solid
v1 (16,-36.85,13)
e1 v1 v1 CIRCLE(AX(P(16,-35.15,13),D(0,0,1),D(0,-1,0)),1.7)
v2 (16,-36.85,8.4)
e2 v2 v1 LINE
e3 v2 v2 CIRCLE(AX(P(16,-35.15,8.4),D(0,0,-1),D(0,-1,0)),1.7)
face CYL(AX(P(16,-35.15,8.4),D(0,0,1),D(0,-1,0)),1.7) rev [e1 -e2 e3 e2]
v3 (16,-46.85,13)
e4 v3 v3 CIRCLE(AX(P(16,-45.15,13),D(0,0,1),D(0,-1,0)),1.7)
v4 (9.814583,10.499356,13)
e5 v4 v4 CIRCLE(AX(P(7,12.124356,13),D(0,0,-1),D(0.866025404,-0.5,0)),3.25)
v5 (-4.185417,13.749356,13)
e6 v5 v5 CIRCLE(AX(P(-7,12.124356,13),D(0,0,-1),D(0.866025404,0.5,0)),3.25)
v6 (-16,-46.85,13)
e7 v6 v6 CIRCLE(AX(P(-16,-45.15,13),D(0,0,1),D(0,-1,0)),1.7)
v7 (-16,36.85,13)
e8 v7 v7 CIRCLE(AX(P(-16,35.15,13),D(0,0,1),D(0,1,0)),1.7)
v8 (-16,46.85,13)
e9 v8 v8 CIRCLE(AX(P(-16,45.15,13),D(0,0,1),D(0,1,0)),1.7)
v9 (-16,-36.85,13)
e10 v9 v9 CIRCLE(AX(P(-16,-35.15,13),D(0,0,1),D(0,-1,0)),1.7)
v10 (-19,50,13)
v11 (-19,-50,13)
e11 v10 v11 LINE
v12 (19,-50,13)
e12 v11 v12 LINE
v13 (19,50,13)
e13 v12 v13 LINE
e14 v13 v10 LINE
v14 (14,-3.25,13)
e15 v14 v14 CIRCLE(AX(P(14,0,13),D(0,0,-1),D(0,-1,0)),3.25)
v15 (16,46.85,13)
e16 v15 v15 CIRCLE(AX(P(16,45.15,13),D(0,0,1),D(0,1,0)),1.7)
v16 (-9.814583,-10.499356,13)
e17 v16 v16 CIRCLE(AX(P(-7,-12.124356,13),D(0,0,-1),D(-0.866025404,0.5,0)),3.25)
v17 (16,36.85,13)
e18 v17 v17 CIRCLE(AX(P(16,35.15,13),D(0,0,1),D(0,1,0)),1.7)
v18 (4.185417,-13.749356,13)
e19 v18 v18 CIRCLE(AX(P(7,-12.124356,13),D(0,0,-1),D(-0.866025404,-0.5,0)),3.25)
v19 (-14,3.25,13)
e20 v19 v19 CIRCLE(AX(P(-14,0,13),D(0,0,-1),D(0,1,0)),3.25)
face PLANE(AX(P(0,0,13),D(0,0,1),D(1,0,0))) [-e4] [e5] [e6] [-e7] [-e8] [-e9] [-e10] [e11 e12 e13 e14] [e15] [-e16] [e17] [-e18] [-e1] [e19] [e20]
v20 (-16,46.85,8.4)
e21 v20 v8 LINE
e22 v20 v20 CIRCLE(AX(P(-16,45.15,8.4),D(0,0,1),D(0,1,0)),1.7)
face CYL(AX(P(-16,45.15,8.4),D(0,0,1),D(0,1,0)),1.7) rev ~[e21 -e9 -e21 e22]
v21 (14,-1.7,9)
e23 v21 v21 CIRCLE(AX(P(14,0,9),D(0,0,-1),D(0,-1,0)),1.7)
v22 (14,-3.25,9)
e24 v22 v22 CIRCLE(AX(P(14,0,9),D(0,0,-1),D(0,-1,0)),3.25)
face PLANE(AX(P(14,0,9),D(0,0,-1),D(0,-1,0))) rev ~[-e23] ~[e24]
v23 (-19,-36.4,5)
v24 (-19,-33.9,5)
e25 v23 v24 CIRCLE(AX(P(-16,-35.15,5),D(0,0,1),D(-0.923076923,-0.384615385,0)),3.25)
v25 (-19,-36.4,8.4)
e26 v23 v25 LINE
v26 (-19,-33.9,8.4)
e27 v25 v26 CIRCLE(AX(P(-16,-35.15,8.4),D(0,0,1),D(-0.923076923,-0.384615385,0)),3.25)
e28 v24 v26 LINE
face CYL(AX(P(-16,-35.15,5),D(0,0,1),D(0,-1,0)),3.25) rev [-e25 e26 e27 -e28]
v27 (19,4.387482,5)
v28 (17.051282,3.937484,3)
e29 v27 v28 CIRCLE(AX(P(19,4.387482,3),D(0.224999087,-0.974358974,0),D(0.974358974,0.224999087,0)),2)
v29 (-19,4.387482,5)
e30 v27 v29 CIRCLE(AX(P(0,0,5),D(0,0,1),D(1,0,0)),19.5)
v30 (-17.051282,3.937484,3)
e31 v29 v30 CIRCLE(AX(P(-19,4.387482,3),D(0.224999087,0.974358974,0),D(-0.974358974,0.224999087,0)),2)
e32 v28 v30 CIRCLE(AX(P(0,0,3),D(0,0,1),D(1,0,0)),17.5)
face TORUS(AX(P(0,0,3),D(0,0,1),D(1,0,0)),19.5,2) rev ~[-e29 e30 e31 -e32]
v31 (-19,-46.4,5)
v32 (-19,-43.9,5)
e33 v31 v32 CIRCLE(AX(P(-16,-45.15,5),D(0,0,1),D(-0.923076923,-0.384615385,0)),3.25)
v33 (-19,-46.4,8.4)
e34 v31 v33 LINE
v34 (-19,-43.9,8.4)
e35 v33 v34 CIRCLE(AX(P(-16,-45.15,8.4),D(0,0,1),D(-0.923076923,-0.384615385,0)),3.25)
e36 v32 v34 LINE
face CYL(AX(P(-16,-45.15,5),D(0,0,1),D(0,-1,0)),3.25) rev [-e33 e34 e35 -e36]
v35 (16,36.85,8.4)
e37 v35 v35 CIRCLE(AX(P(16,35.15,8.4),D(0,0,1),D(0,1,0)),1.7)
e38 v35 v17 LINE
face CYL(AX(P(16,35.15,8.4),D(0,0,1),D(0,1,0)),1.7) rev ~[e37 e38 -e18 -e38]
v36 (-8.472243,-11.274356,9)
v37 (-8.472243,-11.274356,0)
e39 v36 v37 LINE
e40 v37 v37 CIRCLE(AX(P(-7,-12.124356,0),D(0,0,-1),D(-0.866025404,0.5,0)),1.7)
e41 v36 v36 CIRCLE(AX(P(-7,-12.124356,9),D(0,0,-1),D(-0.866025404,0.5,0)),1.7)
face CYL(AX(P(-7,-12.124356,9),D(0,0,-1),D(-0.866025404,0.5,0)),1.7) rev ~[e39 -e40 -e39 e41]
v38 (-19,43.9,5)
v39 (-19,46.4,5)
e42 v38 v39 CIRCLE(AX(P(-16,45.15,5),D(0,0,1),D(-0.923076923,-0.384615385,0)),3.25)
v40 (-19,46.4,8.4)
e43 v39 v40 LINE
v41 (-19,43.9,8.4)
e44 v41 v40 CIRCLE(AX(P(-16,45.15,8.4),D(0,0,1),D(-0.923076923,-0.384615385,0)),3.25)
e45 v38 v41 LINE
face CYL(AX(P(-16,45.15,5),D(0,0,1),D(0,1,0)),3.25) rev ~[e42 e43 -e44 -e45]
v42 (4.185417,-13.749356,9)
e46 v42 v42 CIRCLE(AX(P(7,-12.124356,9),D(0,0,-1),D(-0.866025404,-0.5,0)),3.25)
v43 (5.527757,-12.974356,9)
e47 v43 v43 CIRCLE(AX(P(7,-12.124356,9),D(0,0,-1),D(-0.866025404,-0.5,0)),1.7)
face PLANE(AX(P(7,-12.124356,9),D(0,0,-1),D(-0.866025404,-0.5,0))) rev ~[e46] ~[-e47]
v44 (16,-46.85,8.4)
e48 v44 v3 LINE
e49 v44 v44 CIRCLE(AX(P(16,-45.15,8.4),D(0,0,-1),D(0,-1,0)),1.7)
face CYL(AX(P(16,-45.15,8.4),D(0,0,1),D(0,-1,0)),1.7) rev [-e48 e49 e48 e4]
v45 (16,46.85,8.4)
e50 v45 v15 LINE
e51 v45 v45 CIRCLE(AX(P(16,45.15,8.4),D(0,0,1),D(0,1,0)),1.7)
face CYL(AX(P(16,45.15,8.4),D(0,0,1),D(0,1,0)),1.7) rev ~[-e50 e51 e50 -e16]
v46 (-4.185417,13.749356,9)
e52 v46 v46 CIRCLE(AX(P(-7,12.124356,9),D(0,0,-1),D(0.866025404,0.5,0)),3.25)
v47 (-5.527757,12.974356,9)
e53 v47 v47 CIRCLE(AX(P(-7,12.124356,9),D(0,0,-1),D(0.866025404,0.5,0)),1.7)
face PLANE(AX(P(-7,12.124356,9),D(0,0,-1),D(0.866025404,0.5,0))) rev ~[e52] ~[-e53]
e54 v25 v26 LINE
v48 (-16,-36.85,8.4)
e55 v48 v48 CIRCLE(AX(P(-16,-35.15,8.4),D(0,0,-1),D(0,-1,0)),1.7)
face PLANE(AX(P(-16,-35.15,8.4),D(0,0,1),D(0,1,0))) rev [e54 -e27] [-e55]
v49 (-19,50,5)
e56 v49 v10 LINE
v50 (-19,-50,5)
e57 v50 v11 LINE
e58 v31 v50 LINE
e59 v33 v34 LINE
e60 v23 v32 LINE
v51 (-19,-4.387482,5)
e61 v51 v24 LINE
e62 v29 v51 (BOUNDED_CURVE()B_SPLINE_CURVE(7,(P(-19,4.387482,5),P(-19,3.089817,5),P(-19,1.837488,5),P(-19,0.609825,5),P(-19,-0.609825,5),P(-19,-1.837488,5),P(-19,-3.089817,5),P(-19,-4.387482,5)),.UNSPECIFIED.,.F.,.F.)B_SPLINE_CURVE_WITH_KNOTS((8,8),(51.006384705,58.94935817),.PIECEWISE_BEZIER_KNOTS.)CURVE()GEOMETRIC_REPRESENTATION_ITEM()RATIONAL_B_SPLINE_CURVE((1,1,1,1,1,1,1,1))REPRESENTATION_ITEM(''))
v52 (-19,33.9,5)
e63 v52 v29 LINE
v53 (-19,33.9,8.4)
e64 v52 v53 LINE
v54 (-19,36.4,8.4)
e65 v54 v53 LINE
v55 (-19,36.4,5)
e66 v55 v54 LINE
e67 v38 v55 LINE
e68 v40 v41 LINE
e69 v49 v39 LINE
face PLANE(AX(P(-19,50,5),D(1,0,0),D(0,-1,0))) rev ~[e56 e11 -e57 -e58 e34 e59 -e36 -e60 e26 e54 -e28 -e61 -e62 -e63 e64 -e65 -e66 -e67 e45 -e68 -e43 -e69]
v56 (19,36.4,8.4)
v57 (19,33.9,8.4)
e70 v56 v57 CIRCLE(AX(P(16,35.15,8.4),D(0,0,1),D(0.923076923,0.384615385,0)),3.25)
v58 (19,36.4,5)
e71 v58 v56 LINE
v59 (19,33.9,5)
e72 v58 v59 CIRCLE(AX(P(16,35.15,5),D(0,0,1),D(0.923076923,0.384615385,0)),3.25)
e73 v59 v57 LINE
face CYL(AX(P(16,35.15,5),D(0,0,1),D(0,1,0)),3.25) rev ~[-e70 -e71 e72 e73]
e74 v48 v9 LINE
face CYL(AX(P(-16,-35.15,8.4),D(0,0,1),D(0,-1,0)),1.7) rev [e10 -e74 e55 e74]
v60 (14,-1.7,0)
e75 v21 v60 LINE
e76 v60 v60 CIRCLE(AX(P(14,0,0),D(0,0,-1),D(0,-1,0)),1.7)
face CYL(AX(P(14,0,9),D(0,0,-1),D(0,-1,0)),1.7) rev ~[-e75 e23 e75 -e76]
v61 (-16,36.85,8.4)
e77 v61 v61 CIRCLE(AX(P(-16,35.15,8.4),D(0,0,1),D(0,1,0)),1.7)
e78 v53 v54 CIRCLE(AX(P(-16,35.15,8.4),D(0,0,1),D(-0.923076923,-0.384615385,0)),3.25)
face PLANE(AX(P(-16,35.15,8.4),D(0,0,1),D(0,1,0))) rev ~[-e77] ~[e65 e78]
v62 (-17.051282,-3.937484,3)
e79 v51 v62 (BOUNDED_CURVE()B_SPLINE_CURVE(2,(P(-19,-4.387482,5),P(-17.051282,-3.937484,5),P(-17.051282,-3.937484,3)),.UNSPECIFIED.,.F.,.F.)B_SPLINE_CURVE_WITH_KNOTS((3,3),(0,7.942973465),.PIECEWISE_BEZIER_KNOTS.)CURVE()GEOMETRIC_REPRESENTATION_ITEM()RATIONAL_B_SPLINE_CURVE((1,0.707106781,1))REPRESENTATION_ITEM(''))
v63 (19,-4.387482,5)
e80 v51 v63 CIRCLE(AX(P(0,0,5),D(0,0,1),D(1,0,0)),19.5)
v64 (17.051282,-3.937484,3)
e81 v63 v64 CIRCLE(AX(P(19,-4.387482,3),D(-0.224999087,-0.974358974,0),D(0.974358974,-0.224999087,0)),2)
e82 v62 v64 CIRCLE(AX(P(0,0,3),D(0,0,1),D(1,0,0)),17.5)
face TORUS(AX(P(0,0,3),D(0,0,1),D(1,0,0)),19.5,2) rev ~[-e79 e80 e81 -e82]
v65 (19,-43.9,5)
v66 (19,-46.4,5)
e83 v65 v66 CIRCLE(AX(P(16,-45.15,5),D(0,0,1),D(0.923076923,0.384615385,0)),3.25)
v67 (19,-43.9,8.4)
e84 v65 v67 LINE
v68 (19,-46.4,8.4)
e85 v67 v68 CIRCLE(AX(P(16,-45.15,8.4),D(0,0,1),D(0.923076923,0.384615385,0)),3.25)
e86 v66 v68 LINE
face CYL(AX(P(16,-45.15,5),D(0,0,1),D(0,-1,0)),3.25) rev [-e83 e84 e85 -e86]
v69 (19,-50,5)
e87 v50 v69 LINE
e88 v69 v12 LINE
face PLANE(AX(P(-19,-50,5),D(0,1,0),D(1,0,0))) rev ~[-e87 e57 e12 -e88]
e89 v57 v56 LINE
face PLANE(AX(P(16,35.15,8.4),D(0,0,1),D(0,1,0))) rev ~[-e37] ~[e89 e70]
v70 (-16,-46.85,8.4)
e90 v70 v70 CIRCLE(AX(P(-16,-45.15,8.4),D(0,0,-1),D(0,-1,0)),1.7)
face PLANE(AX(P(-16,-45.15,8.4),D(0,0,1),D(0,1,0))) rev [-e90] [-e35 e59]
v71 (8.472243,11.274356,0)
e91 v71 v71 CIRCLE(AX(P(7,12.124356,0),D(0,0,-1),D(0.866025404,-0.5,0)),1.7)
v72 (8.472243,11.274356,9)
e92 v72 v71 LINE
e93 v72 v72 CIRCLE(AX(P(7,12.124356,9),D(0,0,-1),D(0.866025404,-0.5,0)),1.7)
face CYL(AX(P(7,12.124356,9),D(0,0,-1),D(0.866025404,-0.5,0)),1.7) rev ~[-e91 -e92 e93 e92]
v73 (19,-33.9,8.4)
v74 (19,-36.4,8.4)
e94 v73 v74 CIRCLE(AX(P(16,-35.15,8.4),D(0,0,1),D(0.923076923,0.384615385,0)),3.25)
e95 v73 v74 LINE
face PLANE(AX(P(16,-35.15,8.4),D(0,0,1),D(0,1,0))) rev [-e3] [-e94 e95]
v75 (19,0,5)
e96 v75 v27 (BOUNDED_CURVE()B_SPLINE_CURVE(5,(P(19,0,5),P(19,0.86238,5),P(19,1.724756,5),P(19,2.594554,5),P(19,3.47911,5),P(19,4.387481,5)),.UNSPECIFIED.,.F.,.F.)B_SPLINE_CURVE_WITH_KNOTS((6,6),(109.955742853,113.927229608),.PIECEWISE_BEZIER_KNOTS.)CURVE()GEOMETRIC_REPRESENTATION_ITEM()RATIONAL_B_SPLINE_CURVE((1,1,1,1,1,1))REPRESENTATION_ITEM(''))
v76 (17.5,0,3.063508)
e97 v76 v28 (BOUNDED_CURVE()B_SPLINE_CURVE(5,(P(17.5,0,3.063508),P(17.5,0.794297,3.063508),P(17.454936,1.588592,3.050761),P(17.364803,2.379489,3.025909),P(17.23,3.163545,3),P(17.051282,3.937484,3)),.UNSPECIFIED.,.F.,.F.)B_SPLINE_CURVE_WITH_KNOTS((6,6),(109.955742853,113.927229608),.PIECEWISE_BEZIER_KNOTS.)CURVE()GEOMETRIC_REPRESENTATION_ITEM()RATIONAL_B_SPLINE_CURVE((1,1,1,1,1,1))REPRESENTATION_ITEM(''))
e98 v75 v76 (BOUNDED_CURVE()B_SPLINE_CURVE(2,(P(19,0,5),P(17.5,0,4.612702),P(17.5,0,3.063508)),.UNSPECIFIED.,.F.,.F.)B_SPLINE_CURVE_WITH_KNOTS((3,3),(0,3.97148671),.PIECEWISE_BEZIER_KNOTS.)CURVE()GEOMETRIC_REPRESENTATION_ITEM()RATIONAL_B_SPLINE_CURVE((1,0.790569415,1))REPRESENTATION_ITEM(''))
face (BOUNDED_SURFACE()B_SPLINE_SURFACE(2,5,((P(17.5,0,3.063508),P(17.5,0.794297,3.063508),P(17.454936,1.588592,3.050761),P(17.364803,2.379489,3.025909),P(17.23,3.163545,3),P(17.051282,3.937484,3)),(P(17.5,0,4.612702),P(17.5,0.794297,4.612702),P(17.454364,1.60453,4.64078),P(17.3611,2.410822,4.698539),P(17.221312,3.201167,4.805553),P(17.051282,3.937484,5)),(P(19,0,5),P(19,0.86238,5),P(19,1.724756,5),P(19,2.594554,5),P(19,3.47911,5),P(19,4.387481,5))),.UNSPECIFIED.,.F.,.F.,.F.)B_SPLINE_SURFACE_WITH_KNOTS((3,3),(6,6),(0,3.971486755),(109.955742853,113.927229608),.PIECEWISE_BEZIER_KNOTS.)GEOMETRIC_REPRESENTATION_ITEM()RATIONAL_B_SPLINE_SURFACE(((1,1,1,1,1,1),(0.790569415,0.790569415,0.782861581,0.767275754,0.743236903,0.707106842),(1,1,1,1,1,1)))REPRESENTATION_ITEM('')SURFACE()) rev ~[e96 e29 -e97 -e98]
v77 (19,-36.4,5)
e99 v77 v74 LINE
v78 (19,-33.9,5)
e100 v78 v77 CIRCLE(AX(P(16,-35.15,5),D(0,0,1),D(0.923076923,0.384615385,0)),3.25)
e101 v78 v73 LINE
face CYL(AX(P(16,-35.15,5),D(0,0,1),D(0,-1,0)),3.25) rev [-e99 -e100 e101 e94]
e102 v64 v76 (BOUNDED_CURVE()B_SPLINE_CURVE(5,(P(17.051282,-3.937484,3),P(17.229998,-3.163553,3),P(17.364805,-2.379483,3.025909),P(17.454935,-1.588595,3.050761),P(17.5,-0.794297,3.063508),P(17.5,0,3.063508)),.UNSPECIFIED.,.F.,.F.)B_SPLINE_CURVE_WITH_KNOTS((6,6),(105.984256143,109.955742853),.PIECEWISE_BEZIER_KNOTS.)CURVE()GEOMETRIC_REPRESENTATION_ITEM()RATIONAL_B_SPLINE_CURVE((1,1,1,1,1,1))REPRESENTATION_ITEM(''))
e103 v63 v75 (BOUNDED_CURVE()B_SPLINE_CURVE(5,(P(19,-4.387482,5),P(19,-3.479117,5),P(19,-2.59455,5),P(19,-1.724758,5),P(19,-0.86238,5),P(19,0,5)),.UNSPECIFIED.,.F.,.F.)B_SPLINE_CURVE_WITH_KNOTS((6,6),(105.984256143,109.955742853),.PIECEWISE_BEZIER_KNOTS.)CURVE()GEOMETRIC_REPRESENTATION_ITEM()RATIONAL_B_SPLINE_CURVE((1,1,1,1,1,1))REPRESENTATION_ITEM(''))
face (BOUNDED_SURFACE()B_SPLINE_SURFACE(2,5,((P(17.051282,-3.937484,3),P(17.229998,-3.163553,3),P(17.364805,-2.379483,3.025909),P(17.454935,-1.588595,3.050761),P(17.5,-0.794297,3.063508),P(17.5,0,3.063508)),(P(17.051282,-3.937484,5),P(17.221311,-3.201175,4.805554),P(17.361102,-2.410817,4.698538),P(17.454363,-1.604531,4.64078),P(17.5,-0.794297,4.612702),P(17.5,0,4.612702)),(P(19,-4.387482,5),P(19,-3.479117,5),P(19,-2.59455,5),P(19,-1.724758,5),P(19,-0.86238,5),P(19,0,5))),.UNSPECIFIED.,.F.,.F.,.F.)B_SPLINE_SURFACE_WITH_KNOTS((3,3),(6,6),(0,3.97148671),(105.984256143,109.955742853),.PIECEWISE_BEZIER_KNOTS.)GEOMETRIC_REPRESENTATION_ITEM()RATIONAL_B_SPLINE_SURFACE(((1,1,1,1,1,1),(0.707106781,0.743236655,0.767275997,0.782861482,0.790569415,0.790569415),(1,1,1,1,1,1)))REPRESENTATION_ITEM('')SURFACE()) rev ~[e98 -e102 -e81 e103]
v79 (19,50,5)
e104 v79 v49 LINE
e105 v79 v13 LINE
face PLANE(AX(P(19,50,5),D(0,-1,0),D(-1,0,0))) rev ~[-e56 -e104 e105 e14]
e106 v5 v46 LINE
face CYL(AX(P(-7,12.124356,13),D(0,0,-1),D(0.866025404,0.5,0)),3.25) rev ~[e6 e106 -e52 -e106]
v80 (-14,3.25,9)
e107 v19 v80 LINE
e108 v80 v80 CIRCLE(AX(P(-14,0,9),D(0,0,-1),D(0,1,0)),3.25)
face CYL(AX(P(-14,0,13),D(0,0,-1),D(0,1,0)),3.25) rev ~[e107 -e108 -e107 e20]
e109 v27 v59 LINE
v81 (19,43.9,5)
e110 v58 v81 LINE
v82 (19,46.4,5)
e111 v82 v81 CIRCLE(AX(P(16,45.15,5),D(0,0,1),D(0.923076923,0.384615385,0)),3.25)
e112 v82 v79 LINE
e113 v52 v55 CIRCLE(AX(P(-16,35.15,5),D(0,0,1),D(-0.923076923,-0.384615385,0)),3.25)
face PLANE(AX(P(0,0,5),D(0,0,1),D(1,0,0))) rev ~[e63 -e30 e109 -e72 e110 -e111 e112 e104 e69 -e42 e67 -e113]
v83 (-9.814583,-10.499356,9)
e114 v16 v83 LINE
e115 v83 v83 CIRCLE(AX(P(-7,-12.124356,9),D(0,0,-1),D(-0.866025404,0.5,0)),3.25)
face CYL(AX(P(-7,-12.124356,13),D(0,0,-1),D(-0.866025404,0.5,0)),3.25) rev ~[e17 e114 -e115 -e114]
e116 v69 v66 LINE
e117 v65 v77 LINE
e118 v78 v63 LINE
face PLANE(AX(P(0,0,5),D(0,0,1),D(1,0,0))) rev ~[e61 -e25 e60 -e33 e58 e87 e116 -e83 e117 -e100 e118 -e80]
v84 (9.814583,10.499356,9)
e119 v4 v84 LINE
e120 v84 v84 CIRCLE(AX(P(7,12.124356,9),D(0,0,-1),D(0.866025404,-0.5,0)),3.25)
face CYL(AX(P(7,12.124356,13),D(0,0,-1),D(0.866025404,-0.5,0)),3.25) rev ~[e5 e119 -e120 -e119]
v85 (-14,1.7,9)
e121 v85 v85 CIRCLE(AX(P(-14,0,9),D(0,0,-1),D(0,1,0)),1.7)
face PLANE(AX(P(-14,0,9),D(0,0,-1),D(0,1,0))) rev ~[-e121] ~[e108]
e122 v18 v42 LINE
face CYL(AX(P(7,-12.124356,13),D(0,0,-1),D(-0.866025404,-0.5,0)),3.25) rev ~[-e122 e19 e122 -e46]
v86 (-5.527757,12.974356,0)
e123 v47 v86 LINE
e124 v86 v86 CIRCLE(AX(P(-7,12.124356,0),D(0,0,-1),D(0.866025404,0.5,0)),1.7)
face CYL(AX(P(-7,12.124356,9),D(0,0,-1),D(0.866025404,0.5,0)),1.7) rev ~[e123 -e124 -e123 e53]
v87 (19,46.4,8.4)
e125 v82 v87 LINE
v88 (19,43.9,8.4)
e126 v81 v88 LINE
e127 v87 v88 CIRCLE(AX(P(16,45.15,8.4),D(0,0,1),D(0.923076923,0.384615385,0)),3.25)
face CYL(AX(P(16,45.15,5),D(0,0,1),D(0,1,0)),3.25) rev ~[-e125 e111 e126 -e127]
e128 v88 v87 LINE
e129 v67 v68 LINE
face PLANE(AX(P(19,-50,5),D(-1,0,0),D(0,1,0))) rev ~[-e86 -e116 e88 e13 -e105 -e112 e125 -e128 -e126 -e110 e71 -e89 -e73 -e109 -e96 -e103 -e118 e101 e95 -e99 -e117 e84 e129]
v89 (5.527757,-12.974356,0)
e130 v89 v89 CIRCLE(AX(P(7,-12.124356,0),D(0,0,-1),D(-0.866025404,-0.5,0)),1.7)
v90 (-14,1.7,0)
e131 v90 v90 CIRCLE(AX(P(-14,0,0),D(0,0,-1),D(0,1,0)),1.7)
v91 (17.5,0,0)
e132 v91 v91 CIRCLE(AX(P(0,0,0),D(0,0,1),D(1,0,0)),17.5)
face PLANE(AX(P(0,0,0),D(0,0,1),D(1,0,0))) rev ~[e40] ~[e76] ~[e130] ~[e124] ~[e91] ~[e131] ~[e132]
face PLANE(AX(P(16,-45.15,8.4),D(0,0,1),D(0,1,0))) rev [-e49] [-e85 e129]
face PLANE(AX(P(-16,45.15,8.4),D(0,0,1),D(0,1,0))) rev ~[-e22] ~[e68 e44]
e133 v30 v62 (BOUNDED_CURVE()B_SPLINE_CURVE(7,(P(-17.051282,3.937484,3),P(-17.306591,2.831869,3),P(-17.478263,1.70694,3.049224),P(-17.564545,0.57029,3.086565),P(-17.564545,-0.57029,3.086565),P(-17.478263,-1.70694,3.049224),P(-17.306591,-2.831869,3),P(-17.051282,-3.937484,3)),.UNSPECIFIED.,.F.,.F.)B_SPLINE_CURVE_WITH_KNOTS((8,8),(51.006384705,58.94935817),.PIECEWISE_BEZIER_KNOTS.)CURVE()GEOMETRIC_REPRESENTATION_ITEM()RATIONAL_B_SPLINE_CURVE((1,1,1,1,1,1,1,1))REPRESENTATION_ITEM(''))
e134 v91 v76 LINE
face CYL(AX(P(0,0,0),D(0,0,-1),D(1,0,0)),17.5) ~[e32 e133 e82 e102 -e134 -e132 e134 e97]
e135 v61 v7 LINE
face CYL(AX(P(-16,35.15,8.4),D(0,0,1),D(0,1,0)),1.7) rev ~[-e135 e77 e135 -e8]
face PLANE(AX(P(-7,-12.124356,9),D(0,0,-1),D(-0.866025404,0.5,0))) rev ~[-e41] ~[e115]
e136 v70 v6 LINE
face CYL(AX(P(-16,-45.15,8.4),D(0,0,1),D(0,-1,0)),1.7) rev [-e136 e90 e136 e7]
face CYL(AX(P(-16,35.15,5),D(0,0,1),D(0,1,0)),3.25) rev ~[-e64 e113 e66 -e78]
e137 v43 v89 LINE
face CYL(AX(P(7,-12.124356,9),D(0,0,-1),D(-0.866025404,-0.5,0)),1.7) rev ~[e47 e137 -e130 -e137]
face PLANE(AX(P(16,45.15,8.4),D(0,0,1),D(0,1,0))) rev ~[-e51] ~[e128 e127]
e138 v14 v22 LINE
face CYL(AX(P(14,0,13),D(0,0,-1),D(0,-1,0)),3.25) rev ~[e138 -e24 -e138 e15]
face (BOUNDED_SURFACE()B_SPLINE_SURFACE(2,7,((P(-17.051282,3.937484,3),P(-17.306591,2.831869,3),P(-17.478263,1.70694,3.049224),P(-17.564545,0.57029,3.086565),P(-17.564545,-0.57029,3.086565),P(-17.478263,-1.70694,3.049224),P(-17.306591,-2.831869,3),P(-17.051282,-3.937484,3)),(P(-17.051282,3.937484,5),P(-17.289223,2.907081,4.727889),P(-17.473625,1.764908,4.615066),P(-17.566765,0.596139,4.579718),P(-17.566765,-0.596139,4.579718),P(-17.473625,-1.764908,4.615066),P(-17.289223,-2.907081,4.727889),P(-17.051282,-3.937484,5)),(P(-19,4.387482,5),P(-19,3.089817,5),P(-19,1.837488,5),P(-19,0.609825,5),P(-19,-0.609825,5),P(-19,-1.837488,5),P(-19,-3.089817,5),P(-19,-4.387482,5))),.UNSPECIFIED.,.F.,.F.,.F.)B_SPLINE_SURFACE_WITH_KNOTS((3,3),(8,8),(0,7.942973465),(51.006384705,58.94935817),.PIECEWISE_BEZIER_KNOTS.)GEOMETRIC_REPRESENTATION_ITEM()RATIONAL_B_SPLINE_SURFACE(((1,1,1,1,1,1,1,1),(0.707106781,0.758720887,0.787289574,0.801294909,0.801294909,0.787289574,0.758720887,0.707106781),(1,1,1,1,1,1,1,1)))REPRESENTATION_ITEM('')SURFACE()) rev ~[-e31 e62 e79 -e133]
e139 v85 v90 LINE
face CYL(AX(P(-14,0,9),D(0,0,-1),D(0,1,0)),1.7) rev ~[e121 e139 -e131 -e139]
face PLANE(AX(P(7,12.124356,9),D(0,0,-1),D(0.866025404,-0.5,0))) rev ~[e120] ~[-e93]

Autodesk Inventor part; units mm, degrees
ref_plane "YZ Plane" through (0, 0, 0) normal (1, 0, 0) x (0, 1, 0)
ref_plane "XZ Plane" through (0, 0, 0) normal (0, 1, 0) x (-1, 0, 0)
ref_plane "XY Plane" through (0, 0, 0) normal (0, 0, 1) x (1, 0, 0)
sketch "Sketch1" plane through (0, 0, 0) normal (0, 0, 1) x (1, 0, 0)
  circle A0 centre (0, 0) radius 17.5
  dimension "d0" = 35
extrude "Extrusion1" add sketch "Sketch1" along normal blind 5
sketch "Sketch2" plane through (0, 0, 5) normal (0, 0, 1) x (1, 0, 0)
  line L0 (-19, -50) -> (19, -50)
  line L1 (19, -50) -> (19, 50)
  line L2 (19, 50) -> (-19, 50)
  line L3 (-19, 50) -> (-19, -50)
  line L4 (-19, -50) -> (19, 50) construction
  line L5 (19, -50) -> (-19, 50) construction
  point P0 (0, 0)
  dimension "d3" = 38
  dimension "d4" = 100
extrude "Extrusion2" add sketch "Sketch2" along normal blind 8
sketch "Sketch3" plane through (0, 0, 13) normal (0, 0, 1) x (1, 0, 0)
  point P0 (0, 0)
  point P1 (14, 0)
  dimension "d7" = 14
hole "Hole1" at (14, 0, 13) direction (0, 0, -1) diameter 3.4 end through all counterbore diameter 6.5 counterbore depth 4 clearance for "Socket Head Cap Screw DIN EN ISO 4762" size "M3" standard "DIN"
pattern_circular "Circular Pattern1" count 6 over 360 about axis through (0, 0, -10) along (0, 0, 1) of "Hole1"
sketch "Sketch4" plane through (0, 0, 5) normal (0, 0, -1) x (-1, 0, 0)
  line L0 (-16, 45.15) -> (16, 45.15)
  line L1 (16, 45.15) -> (16, 35.15)
  line L2 (16, 35.15) -> (-16, 35.15)
  line L3 (-16, 35.15) -> (-16, 45.15)
  line L4 (-16, 45.15) -> (16, 35.15) construction
  line L5 (16, 45.15) -> (-16, 35.15) construction
  line L6 (-19, 50) -> (19, 50) projected
  line L7 (19, 50) -> (19, -50) projected
  line L8 (-19, -50) -> (-19, 50) projected
  point P0 (0, 0)
  point P1 (0, 40.15)
  dimension "d18" = 4.85
  dimension "d19" = 3
  dimension "d20" = 3
  dimension "d21" = 10
hole "Hole2" at (16, 45.15, 5) at (-16, 45.15, 5) at (-16, 35.15, 5) at (16, 35.15, 5) direction (0, 0, 1) diameter 3.4 end through all counterbore diameter 6.5 counterbore depth 3.4 clearance for "Socket Head Cap Screw DIN EN ISO 4762" size "M3" standard "DIN"
mirror "Mirror1" about plane through (0, 0, 0) normal (0, 1, 0) of "Hole2"
fillet "Fillet1" radius 2 1 edges at (-17.5, 0, 5)
ref_plane "Work Plane1" through (0, 0, 0) normal (0, 1, 0) x (-1, 0, 0)
equation "\"d19\" = d20"
properties part number "401-flange"
